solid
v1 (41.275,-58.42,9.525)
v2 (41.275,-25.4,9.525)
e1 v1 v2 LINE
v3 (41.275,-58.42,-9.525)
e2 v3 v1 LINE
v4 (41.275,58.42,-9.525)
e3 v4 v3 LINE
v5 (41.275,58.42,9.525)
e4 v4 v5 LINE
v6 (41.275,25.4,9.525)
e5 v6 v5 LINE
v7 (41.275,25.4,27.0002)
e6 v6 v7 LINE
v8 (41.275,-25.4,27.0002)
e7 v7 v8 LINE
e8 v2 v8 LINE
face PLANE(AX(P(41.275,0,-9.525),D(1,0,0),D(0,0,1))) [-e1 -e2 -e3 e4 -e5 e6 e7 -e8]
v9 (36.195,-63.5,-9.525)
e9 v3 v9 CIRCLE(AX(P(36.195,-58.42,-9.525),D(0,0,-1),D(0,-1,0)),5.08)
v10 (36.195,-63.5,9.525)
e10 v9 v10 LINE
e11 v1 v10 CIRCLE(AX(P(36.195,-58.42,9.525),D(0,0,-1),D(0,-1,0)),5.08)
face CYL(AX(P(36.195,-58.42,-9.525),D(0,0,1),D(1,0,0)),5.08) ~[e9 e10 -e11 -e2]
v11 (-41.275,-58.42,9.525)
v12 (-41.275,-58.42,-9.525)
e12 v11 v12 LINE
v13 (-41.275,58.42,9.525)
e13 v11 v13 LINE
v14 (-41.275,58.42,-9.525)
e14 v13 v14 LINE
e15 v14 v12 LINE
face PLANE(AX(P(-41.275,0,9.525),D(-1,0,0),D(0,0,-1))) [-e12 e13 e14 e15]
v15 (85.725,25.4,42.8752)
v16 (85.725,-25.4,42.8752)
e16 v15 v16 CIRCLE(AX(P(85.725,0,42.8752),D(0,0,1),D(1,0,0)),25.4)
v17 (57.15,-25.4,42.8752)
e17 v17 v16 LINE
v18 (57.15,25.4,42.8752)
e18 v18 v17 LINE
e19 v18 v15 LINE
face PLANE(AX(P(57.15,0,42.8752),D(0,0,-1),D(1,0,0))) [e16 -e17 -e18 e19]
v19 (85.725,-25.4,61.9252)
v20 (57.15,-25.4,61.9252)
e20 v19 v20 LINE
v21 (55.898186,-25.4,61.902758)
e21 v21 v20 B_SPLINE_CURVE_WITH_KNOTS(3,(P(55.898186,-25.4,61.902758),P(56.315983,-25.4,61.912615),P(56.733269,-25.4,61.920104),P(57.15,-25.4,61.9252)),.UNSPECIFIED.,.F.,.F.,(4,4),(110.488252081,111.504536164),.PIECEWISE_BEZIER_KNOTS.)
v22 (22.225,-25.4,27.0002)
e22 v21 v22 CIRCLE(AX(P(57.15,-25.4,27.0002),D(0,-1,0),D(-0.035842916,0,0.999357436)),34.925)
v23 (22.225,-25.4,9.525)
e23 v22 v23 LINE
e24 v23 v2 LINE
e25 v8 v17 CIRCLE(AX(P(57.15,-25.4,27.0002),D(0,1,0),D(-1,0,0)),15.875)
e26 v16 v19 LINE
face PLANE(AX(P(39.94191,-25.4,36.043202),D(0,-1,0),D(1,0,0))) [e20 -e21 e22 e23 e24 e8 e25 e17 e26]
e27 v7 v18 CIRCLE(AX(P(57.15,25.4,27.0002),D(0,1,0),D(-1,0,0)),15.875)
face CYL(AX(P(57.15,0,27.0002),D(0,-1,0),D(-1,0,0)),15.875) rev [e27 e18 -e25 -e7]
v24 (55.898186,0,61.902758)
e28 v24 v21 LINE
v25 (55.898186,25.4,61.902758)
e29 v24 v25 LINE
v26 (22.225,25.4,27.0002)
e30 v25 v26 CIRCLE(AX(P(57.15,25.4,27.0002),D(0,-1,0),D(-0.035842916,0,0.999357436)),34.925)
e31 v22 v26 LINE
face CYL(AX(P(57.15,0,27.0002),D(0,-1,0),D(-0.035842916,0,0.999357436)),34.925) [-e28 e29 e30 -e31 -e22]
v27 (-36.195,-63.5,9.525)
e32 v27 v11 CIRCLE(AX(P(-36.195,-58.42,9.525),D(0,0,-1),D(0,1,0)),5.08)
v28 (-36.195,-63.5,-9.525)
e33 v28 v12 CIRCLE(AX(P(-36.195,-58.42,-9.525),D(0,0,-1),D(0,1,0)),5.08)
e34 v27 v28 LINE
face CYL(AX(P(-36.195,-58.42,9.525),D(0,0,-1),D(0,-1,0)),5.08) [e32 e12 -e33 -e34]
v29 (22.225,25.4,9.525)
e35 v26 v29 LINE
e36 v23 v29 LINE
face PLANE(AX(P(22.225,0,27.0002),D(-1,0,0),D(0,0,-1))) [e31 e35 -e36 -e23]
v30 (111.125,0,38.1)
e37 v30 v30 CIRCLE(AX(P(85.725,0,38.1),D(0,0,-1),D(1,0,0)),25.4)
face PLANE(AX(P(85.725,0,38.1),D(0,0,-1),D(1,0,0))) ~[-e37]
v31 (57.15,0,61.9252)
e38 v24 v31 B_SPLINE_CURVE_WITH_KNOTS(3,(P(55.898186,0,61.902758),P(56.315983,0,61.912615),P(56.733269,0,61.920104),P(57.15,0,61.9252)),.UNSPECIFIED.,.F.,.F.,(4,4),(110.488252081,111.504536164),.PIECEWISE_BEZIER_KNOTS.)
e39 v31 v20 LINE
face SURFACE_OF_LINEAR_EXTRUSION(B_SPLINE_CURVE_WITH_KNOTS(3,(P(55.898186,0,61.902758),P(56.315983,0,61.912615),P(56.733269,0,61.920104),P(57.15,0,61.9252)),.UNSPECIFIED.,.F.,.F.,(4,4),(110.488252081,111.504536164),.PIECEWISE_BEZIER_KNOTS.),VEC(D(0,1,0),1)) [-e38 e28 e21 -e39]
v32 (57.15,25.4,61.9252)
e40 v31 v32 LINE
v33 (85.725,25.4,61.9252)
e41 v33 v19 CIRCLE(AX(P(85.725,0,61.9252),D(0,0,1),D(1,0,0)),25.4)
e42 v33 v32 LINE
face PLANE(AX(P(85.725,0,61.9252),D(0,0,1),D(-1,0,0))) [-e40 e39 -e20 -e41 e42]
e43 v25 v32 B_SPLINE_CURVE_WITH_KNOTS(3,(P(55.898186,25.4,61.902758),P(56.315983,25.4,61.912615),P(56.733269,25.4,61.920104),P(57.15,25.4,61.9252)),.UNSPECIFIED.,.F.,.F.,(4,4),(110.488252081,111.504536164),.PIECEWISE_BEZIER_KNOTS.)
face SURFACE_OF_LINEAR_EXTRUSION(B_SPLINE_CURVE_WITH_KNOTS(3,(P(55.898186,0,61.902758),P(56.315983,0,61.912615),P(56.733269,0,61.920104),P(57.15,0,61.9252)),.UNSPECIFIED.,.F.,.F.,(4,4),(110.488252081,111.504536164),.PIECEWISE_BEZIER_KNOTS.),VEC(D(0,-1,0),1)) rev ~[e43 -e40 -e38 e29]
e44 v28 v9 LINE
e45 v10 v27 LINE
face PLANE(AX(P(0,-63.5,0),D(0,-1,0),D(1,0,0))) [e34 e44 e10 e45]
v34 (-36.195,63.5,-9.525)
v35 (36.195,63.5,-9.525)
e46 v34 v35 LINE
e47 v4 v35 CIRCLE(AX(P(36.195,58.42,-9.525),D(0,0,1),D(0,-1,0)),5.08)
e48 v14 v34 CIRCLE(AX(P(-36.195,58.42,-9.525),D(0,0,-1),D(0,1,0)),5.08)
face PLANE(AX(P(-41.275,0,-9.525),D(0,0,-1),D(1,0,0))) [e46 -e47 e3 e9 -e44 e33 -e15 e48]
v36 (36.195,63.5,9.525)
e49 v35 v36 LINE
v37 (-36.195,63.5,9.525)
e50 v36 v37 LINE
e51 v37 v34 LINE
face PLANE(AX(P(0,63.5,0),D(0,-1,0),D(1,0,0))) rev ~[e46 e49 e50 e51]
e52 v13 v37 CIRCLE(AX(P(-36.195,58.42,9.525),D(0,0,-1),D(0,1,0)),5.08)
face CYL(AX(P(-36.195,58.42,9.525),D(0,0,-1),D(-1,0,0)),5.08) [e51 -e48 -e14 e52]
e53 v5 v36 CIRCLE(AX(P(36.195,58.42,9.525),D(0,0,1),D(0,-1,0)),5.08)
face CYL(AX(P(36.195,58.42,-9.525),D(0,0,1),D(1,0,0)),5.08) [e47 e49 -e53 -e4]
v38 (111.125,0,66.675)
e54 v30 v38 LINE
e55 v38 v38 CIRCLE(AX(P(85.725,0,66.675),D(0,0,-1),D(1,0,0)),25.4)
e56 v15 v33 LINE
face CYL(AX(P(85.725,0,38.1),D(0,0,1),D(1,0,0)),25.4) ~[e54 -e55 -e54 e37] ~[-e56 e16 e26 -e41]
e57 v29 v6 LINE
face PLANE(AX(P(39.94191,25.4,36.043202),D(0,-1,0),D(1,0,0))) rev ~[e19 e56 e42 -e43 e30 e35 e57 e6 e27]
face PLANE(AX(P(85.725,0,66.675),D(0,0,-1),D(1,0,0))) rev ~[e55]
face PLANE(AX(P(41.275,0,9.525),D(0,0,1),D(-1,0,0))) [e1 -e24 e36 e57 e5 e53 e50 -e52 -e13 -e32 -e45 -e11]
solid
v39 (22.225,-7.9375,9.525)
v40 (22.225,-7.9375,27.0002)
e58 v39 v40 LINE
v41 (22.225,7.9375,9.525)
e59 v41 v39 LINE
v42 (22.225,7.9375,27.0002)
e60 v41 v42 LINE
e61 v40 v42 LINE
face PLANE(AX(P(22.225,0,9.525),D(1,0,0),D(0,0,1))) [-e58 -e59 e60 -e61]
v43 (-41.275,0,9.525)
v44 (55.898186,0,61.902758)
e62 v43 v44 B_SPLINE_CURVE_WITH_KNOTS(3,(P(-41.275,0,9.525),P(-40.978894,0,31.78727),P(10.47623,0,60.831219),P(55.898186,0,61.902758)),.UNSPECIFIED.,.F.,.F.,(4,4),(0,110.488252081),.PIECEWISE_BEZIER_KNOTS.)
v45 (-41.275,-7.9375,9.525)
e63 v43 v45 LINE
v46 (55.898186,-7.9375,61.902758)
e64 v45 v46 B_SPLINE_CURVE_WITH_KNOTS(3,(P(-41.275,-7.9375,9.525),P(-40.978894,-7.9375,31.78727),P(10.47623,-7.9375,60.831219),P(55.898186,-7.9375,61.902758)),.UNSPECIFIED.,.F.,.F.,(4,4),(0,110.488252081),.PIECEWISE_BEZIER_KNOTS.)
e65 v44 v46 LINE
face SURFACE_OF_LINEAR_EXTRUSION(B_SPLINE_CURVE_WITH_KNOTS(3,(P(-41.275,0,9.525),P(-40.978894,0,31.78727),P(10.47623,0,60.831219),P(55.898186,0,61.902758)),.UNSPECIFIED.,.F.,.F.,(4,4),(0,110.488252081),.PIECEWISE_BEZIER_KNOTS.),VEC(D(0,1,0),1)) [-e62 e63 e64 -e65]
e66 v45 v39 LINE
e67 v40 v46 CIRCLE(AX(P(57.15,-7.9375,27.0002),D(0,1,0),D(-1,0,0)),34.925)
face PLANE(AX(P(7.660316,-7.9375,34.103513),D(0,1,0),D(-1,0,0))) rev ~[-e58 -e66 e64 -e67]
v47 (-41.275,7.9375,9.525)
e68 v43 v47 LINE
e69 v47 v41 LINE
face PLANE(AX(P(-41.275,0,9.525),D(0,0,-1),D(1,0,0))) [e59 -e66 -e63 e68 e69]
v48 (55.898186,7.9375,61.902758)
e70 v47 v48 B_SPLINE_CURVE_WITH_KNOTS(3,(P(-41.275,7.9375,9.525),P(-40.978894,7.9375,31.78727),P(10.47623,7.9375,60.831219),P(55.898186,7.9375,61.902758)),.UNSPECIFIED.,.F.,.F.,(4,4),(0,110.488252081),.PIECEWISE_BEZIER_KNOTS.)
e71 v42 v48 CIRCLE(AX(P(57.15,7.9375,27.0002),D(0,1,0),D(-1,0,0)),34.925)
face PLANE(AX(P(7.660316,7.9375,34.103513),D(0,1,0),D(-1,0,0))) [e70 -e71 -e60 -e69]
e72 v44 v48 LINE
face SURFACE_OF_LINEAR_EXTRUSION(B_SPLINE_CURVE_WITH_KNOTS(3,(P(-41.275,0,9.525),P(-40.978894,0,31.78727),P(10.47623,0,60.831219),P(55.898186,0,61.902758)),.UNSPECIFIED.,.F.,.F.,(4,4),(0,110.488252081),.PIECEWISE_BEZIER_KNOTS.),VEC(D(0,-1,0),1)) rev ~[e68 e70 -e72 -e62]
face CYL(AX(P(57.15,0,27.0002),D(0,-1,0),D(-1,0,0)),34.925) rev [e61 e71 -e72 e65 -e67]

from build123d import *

# Parameters (mm, degrees)
F1_DEPTH = 63.5
F0_W     = 25.4
F0_H     = 19.05
F2_DEPTH = 25.4
F3_DEPTH = 7.9375
F5_R     = 5.08


with BuildPart() as f1:
    # F0 (on Front) → F1 (new body, symmetric)
    with BuildSketch(Plane.XZ):
        Polygon((-41.275, 9.525), (-41.275, -9.525), (41.275, -9.525), (41.275, 9.525), (22.225, 9.525), align=None)
    extrude(amount=F1_DEPTH, both=True)

    # F0 (on Front) → F2 (join, symmetric)
    with BuildSketch(Plane.XZ):
        with BuildLine():
            Line((22.225, 9.525), (41.275, 9.525))
            Line((41.275, 9.525), (41.275, 27.0002))
            ThreePointArc((41.275, 27.0002), (45.9246798487, 38.2255201513), (57.15, 42.8752))
            Line((57.15, 42.8752), (60.325, 42.8752))
            Line((60.325, 42.8752), (60.325, 61.9252))
            Line((60.325, 61.9252), (57.15, 61.9252))
            add(Edge.make_bspline(
                [(55.8981861571, 61.9027584607), (56.3159827124, 61.9126146059), (56.7332688293, 61.9201041343), (57.15, 61.9252)],
                knots=[110.4882520813, 110.4882520813, 110.4882520813, 110.4882520813, 111.5045361635, 111.5045361635, 111.5045361635, 111.5045361635], degree=3))
            ThreePointArc((55.8981861571, 61.9027584607), (32.0156089843, 51.2492827305), (22.225, 27.0002))
            Line((22.225, 27.0002), (22.225, 9.525))
        make_face()
        with Locations((73.025, 52.4002)):
            Rectangle(F0_W, F0_H)
    extrude(amount=F2_DEPTH, both=True)

    # F0 (on Front) → F4 (revolve)
    with BuildSketch(Plane.XZ):
        Polygon((85.725, 66.675), (85.725, 61.9252), (85.725, 42.8752), (85.725, 38.1), (111.125, 38.1), (111.125, 66.675), align=None)
    revolve(axis=Axis((85.725, 0, 52.3875), (0, 0, -1)))

    # F5
    f5_edges = [f1.edges().sort_by_distance(p)[0] for p in [
        (41.275, -63.5, 0),
        (-41.275, -63.5, 0),
        (41.275, 63.5, 0),
        (-41.275, 63.5, 0),
    ]]
    fillet(f5_edges, radius=F5_R)


with BuildPart() as f3:
    # F0 (on Front) → F3 (new body, symmetric)
    with BuildSketch(Plane.XZ):
        with BuildLine():
            add(Edge.make_bspline(
                [(-41.275, 9.525), (-40.978894068, 31.7872695715), (10.4762299043, 60.8312192408), (55.8981861571, 61.9027584607)],
                knots=[0, 0, 0, 0, 110.4882520813, 110.4882520813, 110.4882520813, 110.4882520813], degree=3))
            Line((-41.275, 9.525), (22.225, 9.525))
            Line((22.225, 9.525), (22.225, 27.0002))
            ThreePointArc((22.225, 27.0002), (32.0156089843, 51.2492827305), (55.8981861571, 61.9027584607))
        make_face()
    extrude(amount=F3_DEPTH, both=True)


solid = Compound([f1.part, f3.part])
